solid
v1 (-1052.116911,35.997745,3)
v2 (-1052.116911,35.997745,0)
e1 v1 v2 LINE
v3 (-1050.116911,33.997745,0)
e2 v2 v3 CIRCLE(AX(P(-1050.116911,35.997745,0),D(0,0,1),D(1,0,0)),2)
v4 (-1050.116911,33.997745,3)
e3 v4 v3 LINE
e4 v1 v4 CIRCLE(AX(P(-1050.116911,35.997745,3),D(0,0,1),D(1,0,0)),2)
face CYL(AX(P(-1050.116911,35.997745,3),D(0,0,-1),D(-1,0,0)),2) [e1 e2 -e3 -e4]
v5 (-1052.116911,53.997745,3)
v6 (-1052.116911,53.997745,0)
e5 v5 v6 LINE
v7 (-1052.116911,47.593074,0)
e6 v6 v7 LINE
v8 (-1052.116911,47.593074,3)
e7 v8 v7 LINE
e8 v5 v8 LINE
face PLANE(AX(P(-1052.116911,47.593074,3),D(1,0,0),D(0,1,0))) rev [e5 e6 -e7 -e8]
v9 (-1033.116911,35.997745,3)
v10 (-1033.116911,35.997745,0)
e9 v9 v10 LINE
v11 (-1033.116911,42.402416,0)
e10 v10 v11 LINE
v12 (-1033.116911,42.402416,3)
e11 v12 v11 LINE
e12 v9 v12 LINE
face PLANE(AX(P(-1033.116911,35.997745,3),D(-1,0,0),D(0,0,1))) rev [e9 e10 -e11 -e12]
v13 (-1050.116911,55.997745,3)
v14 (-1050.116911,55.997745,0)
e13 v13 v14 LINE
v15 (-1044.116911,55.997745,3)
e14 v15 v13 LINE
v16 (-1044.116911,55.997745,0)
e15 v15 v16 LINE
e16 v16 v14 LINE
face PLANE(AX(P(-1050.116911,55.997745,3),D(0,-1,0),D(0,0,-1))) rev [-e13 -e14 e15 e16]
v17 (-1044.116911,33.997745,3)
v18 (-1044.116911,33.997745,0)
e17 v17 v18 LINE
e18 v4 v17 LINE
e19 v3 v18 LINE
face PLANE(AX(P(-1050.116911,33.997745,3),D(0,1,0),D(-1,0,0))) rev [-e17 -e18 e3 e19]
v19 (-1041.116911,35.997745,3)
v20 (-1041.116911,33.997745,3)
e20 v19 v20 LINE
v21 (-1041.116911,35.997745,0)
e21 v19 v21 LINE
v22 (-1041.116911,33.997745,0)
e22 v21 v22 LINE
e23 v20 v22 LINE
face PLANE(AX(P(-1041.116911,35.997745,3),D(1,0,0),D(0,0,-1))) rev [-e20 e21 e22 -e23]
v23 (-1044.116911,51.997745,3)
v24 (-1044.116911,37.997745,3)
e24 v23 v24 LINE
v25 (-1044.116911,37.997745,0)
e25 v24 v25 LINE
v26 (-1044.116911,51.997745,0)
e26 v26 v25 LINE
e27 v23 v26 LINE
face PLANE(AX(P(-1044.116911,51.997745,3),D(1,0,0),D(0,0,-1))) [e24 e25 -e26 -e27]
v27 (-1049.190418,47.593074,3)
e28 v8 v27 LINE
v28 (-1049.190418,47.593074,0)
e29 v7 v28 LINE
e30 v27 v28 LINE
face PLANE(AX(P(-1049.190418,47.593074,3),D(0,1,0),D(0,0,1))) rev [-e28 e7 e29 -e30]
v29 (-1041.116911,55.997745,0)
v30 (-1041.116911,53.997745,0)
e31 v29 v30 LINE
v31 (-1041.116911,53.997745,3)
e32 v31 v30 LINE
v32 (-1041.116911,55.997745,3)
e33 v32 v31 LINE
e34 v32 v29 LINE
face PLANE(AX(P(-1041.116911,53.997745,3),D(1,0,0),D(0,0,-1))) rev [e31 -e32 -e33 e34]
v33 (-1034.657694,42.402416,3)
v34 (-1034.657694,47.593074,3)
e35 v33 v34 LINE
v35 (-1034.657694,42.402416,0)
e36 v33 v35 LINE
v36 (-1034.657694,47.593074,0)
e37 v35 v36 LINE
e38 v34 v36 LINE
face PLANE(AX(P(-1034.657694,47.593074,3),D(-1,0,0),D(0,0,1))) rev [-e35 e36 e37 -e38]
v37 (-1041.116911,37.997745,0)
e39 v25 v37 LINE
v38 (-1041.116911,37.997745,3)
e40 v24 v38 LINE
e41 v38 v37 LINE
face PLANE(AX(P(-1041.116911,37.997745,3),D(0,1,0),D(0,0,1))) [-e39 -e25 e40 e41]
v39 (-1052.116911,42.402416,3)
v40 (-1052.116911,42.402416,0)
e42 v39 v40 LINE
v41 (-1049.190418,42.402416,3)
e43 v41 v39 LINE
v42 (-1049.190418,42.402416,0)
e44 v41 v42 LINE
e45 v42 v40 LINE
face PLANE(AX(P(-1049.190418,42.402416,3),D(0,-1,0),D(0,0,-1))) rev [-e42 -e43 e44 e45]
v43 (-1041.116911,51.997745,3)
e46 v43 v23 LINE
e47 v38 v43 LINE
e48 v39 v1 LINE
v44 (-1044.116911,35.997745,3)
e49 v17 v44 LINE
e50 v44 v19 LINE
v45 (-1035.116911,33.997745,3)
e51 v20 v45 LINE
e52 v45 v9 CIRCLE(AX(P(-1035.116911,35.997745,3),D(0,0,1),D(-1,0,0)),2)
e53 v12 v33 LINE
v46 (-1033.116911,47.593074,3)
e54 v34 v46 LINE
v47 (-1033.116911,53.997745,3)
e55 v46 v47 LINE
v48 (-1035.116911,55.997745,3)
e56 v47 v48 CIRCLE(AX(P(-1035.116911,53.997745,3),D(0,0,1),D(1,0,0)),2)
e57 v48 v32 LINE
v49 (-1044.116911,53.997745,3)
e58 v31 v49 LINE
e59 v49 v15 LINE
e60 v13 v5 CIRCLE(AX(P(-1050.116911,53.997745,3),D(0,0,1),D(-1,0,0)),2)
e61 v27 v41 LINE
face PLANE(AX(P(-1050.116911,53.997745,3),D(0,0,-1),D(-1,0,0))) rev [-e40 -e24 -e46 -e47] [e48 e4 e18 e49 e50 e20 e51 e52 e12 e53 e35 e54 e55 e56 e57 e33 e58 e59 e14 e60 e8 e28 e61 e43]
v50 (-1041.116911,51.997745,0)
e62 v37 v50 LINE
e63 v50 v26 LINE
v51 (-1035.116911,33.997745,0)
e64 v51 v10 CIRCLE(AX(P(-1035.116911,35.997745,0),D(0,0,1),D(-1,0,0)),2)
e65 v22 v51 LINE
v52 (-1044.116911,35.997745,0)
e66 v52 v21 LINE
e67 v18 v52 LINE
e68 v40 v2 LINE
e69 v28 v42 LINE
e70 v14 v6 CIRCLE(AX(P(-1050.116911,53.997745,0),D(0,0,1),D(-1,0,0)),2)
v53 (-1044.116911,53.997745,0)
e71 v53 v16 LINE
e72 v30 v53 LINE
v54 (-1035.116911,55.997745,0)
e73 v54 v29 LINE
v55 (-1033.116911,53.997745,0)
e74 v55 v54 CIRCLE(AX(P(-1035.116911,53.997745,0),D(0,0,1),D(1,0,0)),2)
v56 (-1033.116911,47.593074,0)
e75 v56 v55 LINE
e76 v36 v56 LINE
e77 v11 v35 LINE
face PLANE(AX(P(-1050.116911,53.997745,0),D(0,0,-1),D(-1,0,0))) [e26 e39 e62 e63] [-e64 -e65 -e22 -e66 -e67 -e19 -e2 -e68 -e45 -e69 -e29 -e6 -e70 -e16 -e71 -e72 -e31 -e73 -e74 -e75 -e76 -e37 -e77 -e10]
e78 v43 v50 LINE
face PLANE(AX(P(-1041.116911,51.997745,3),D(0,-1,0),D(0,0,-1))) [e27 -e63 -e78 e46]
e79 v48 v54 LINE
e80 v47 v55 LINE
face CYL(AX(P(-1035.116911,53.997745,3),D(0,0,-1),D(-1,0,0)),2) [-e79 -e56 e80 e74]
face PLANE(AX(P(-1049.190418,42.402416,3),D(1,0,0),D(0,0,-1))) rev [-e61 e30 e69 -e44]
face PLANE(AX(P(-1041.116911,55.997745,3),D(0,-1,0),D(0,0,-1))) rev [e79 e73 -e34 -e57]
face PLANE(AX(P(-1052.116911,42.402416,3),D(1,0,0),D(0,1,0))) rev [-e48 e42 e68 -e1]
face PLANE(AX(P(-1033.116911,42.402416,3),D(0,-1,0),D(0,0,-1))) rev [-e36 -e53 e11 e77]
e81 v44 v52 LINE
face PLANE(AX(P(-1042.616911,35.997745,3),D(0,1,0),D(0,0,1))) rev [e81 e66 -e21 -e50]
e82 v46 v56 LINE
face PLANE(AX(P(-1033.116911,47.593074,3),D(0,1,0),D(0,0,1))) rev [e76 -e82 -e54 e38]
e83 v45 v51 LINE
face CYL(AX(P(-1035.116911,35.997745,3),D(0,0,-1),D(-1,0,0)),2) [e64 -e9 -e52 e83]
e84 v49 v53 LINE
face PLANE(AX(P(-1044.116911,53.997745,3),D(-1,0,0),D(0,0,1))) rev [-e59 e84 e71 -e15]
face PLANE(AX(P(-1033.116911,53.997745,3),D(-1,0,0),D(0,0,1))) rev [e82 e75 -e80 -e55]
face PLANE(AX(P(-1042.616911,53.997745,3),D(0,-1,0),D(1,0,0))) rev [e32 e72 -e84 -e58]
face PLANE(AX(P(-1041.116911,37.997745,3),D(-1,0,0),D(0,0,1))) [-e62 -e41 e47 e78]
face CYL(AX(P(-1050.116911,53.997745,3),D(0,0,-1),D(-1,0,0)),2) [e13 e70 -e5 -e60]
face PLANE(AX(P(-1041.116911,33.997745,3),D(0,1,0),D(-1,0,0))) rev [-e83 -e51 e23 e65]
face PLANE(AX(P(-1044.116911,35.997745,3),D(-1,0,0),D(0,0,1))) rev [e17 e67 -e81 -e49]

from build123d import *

# Parameters (mm, degrees)
SKETCH1_W          = 3
SKETCH1_H          = 14
BASE_EXTRUDE_DEPTH = 3


with BuildPart() as part:
    # Sketch1 → Base-Extrude (new body)
    with BuildSketch(Plane.XY):
        with BuildLine():
            Line((-1033.116910611, 53.997744838), (-1033.116910611, 47.593073912))
            Line((-1033.116910611, 47.593073912), (-1034.65769353, 47.593073912))
            Line((-1034.65769353, 47.593073912), (-1034.65769353, 42.402415763))
            Line((-1034.65769353, 42.402415763), (-1033.116910611, 42.402415763))
            Line((-1033.116910611, 42.402415763), (-1033.116910611, 35.997744838))
            ThreePointArc((-1033.116910611, 35.997744838), (-1033.702697049, 34.583531275), (-1035.116910611, 33.997744838))
            Line((-1035.116910611, 33.997744838), (-1041.116910611, 33.997744838))
            Line((-1041.116910611, 33.997744838), (-1041.116910611, 35.997744838))
            Line((-1041.116910611, 35.997744838), (-1042.616910611, 35.997744838))
            Line((-1042.616910611, 35.997744838), (-1044.116910611, 35.997744838))
            Line((-1044.116910611, 35.997744838), (-1044.116910611, 33.997744838))
            Line((-1044.116910611, 33.997744838), (-1050.116910611, 33.997744838))
            ThreePointArc((-1050.116910611, 33.997744838), (-1051.531124173, 34.583531275), (-1052.116910611, 35.997744838))
            Line((-1052.116910611, 35.997744838), (-1052.116910611, 42.402415763))
            Line((-1052.116910611, 42.402415763), (-1049.190418334, 42.402415763))
            Line((-1049.190418334, 42.402415763), (-1049.190418334, 47.593073912))
            Line((-1049.190418334, 47.593073912), (-1052.116910611, 47.593073912))
            Line((-1052.116910611, 47.593073912), (-1052.116910611, 53.997744838))
            ThreePointArc((-1052.116910611, 53.997744838), (-1051.531124173, 55.4119584), (-1050.116910611, 55.997744838))
            Line((-1050.116910611, 55.997744838), (-1044.116910611, 55.997744838))
            Line((-1044.116910611, 55.997744838), (-1044.116910611, 53.997744838))
            Line((-1044.116910611, 53.997744838), (-1042.616910611, 53.997744838))
            Line((-1042.616910611, 53.997744838), (-1041.116910611, 53.997744838))
            Line((-1041.116910611, 53.997744838), (-1041.116910611, 55.997744838))
            Line((-1041.116910611, 55.997744838), (-1035.116910611, 55.997744838))
            ThreePointArc((-1035.116910611, 55.997744838), (-1033.702697049, 55.4119584), (-1033.116910611, 53.997744838))
        make_face()
        with Locations((-1042.616910611, 44.997744838)):
            Rectangle(SKETCH1_W, SKETCH1_H, mode=Mode.SUBTRACT)
    extrude(amount=BASE_EXTRUDE_DEPTH)


solid = part.part
